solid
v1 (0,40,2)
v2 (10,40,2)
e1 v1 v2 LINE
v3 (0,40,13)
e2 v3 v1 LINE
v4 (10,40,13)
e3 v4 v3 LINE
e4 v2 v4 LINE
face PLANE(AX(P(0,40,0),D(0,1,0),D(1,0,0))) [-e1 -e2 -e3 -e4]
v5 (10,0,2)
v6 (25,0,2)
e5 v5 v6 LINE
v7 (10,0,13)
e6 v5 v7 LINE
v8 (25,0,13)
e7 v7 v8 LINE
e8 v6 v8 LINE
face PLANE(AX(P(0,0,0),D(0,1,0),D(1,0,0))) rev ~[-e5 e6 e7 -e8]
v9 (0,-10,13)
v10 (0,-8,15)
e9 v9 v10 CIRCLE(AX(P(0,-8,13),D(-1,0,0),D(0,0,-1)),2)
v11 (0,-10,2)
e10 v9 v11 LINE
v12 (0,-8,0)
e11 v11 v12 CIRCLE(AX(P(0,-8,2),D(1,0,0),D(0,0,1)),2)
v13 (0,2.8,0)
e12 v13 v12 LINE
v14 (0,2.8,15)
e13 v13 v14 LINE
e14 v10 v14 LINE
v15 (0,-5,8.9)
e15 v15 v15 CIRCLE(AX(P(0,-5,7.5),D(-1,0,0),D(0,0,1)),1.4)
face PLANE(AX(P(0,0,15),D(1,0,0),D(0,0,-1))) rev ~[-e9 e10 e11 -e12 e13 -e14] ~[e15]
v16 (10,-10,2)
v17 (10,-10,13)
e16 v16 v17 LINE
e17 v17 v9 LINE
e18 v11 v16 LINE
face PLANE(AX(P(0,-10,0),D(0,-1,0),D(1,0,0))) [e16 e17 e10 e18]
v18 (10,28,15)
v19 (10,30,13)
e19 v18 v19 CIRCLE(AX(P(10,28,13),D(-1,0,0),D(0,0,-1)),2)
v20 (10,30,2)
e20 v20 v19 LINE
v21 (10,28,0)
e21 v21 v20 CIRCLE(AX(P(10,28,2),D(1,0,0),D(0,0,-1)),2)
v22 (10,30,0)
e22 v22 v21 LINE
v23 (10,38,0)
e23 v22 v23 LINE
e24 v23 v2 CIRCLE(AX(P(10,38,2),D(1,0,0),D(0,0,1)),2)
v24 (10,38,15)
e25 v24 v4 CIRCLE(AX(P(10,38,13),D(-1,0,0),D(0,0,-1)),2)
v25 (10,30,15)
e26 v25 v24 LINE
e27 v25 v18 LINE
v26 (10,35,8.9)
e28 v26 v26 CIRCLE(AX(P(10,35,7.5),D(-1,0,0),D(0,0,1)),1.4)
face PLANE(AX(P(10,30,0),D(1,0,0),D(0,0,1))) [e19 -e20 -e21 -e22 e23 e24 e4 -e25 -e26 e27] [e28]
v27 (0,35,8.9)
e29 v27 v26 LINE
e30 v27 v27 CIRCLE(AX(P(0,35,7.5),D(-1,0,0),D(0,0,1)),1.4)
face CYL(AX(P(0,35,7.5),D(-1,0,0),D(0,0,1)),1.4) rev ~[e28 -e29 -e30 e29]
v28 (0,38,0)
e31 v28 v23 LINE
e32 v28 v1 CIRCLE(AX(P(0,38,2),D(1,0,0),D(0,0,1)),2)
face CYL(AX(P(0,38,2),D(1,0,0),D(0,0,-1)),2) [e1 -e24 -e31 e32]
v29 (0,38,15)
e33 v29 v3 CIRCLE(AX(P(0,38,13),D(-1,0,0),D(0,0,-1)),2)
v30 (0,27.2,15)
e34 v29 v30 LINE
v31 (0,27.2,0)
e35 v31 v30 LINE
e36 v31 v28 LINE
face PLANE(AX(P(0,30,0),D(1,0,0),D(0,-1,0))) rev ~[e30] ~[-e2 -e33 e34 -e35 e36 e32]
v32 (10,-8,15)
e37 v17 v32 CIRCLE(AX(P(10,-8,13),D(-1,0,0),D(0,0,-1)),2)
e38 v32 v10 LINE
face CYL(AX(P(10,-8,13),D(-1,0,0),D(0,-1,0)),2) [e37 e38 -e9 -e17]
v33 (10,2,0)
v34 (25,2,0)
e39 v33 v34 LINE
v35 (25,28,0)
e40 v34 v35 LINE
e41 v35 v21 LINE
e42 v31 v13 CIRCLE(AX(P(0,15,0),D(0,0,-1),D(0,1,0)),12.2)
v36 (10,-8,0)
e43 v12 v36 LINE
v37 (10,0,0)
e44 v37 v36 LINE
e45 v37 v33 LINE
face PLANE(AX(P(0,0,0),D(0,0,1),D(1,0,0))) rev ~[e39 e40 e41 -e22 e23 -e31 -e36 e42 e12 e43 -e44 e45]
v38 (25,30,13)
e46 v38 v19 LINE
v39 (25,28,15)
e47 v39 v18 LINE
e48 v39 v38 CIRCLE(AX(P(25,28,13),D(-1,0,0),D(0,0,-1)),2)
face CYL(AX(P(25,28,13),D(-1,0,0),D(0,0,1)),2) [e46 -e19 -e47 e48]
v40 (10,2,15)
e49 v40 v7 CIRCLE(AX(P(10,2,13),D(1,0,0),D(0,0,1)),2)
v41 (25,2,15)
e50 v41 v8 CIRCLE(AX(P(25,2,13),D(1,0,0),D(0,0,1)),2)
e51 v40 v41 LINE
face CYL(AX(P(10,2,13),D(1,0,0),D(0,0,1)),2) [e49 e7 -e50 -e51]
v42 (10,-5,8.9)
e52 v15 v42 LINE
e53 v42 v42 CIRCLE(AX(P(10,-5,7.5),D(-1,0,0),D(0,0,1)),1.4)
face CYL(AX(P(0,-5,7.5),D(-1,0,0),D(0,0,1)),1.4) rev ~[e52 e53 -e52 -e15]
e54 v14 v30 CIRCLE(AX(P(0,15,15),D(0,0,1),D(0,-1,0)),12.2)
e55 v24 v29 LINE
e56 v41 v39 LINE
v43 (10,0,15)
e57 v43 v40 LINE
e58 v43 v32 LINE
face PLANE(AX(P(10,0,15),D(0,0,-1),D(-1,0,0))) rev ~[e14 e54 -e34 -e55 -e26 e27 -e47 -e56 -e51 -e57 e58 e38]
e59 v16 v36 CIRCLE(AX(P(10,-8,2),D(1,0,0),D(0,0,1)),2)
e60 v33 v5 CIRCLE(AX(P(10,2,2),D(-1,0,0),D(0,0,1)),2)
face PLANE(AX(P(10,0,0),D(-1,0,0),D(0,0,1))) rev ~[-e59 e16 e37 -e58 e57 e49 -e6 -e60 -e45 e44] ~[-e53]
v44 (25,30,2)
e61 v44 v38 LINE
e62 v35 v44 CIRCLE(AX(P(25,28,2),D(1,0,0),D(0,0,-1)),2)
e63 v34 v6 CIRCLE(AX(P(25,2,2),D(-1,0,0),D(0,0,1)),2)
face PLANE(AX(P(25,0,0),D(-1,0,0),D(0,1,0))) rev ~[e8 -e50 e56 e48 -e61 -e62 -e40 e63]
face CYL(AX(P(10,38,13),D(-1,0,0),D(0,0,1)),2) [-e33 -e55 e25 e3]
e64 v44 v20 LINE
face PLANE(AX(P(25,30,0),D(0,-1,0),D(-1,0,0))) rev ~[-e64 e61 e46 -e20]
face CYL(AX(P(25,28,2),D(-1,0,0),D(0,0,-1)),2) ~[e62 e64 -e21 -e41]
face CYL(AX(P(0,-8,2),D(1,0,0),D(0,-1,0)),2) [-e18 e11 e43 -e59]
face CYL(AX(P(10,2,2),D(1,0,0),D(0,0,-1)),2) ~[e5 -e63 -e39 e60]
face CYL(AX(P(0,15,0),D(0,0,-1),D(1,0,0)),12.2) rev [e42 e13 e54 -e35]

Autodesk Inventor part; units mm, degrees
ref_plane "YZ Plane" through (0, 0, 0) normal (1, 0, 0) x (0, 1, 0)
ref_plane "XZ Plane" through (0, 0, 0) normal (0, 1, 0) x (-1, 0, 0)
ref_plane "XY Plane" through (0, 0, 0) normal (0, 0, 1) x (1, 0, 0)
sketch "Sketch1" plane through (0, 0, 0) normal (0, 0, 1) x (1, 0, 0)
  line L0 (0, 0) -> (25, 0)
  line L1 (25, 0) -> (25, 30)
  line L2 (25, 30) -> (0, 30)
  line L3 (0, 30) -> (0, 0)
  circle A0 centre (0, 15) radius 12.2
  point P0 (0, 27.2)
  point P1 (0, 2.8)
  dimension "d0" = 25
  dimension "d1" = 30
  dimension "d2" = 24.4
extrude "Extrusion1" add sketch "Sketch1" along normal blind 15 contours L3 A0 L2 L1 L0
sketch "Sketch2" plane through (0, 30, 0) normal (0, 1, 0) x (1, 0, 0)
  line L0 (0, 0) -> (10, 0)
  line L1 (10, 0) -> (10, -15)
  line L2 (10, -15) -> (0, -15)
  line L3 (0, -15) -> (0, 0)
  dimension "d5" = 10
  dimension "d6" = 15
extrude "Extrusion2" add sketch "Sketch2" along normal blind 10
sketch "Sketch3" plane through (0, 0, 0) normal (0, -1, 0) x (1, 0, 0)
  line L0 (25, 15) -> (10, 15) projected
  line L1 (0, 0) -> (10, 0)
  line L2 (10, 0) -> (10, 15)
  line L3 (10, 15) -> (0, 15)
  line L4 (0, 15) -> (0, 0)
extrude "Extrusion3" add sketch "Sketch3" along normal blind 10
sketch "Sketch4" plane through (0, 27.2, 0) normal (-1, 0, 0) x (0, 0, 1)
  circle A0 centre (7.5, 7.8) radius 1.4
  line L0 (0, 12.8) -> (0, 0) projected
  line L1 (0, 12.8) -> (15, 12.8) projected
  line L2 (0, 0) -> (0, -24.4) projected
  line L3 (0, -12.2) -> (15, -12.2)
  line L4 (15, -27.2) -> (15, 2.8) projected
  circle A1 centre (7.5, -32.2) radius 1.4
  point P0 (0, -27.2)
  point P1 (7.5, 12.8)
  dimension "d11" = 2.8
  dimension "d12" = 7.5
  dimension "d13" = 5
extrude "Extrusion4" cut sketch "Sketch4" against normal through all
fillet "Fillet1" radius 2 2 edges at (5, 40, 0) (5, 40, 15)
fillet "Fillet2" radius 2 1 edges at (5, -10, 0)
fillet "Fillet3" radius 2 1 edges at (5, -10, 15)
fillet "Fillet4" radius 2 4 edges at (17.5, 30, 15) (17.5, 30, 0) (17.5, 0, 15) (17.5, 0, 0)
properties part number "motor kapak1"
